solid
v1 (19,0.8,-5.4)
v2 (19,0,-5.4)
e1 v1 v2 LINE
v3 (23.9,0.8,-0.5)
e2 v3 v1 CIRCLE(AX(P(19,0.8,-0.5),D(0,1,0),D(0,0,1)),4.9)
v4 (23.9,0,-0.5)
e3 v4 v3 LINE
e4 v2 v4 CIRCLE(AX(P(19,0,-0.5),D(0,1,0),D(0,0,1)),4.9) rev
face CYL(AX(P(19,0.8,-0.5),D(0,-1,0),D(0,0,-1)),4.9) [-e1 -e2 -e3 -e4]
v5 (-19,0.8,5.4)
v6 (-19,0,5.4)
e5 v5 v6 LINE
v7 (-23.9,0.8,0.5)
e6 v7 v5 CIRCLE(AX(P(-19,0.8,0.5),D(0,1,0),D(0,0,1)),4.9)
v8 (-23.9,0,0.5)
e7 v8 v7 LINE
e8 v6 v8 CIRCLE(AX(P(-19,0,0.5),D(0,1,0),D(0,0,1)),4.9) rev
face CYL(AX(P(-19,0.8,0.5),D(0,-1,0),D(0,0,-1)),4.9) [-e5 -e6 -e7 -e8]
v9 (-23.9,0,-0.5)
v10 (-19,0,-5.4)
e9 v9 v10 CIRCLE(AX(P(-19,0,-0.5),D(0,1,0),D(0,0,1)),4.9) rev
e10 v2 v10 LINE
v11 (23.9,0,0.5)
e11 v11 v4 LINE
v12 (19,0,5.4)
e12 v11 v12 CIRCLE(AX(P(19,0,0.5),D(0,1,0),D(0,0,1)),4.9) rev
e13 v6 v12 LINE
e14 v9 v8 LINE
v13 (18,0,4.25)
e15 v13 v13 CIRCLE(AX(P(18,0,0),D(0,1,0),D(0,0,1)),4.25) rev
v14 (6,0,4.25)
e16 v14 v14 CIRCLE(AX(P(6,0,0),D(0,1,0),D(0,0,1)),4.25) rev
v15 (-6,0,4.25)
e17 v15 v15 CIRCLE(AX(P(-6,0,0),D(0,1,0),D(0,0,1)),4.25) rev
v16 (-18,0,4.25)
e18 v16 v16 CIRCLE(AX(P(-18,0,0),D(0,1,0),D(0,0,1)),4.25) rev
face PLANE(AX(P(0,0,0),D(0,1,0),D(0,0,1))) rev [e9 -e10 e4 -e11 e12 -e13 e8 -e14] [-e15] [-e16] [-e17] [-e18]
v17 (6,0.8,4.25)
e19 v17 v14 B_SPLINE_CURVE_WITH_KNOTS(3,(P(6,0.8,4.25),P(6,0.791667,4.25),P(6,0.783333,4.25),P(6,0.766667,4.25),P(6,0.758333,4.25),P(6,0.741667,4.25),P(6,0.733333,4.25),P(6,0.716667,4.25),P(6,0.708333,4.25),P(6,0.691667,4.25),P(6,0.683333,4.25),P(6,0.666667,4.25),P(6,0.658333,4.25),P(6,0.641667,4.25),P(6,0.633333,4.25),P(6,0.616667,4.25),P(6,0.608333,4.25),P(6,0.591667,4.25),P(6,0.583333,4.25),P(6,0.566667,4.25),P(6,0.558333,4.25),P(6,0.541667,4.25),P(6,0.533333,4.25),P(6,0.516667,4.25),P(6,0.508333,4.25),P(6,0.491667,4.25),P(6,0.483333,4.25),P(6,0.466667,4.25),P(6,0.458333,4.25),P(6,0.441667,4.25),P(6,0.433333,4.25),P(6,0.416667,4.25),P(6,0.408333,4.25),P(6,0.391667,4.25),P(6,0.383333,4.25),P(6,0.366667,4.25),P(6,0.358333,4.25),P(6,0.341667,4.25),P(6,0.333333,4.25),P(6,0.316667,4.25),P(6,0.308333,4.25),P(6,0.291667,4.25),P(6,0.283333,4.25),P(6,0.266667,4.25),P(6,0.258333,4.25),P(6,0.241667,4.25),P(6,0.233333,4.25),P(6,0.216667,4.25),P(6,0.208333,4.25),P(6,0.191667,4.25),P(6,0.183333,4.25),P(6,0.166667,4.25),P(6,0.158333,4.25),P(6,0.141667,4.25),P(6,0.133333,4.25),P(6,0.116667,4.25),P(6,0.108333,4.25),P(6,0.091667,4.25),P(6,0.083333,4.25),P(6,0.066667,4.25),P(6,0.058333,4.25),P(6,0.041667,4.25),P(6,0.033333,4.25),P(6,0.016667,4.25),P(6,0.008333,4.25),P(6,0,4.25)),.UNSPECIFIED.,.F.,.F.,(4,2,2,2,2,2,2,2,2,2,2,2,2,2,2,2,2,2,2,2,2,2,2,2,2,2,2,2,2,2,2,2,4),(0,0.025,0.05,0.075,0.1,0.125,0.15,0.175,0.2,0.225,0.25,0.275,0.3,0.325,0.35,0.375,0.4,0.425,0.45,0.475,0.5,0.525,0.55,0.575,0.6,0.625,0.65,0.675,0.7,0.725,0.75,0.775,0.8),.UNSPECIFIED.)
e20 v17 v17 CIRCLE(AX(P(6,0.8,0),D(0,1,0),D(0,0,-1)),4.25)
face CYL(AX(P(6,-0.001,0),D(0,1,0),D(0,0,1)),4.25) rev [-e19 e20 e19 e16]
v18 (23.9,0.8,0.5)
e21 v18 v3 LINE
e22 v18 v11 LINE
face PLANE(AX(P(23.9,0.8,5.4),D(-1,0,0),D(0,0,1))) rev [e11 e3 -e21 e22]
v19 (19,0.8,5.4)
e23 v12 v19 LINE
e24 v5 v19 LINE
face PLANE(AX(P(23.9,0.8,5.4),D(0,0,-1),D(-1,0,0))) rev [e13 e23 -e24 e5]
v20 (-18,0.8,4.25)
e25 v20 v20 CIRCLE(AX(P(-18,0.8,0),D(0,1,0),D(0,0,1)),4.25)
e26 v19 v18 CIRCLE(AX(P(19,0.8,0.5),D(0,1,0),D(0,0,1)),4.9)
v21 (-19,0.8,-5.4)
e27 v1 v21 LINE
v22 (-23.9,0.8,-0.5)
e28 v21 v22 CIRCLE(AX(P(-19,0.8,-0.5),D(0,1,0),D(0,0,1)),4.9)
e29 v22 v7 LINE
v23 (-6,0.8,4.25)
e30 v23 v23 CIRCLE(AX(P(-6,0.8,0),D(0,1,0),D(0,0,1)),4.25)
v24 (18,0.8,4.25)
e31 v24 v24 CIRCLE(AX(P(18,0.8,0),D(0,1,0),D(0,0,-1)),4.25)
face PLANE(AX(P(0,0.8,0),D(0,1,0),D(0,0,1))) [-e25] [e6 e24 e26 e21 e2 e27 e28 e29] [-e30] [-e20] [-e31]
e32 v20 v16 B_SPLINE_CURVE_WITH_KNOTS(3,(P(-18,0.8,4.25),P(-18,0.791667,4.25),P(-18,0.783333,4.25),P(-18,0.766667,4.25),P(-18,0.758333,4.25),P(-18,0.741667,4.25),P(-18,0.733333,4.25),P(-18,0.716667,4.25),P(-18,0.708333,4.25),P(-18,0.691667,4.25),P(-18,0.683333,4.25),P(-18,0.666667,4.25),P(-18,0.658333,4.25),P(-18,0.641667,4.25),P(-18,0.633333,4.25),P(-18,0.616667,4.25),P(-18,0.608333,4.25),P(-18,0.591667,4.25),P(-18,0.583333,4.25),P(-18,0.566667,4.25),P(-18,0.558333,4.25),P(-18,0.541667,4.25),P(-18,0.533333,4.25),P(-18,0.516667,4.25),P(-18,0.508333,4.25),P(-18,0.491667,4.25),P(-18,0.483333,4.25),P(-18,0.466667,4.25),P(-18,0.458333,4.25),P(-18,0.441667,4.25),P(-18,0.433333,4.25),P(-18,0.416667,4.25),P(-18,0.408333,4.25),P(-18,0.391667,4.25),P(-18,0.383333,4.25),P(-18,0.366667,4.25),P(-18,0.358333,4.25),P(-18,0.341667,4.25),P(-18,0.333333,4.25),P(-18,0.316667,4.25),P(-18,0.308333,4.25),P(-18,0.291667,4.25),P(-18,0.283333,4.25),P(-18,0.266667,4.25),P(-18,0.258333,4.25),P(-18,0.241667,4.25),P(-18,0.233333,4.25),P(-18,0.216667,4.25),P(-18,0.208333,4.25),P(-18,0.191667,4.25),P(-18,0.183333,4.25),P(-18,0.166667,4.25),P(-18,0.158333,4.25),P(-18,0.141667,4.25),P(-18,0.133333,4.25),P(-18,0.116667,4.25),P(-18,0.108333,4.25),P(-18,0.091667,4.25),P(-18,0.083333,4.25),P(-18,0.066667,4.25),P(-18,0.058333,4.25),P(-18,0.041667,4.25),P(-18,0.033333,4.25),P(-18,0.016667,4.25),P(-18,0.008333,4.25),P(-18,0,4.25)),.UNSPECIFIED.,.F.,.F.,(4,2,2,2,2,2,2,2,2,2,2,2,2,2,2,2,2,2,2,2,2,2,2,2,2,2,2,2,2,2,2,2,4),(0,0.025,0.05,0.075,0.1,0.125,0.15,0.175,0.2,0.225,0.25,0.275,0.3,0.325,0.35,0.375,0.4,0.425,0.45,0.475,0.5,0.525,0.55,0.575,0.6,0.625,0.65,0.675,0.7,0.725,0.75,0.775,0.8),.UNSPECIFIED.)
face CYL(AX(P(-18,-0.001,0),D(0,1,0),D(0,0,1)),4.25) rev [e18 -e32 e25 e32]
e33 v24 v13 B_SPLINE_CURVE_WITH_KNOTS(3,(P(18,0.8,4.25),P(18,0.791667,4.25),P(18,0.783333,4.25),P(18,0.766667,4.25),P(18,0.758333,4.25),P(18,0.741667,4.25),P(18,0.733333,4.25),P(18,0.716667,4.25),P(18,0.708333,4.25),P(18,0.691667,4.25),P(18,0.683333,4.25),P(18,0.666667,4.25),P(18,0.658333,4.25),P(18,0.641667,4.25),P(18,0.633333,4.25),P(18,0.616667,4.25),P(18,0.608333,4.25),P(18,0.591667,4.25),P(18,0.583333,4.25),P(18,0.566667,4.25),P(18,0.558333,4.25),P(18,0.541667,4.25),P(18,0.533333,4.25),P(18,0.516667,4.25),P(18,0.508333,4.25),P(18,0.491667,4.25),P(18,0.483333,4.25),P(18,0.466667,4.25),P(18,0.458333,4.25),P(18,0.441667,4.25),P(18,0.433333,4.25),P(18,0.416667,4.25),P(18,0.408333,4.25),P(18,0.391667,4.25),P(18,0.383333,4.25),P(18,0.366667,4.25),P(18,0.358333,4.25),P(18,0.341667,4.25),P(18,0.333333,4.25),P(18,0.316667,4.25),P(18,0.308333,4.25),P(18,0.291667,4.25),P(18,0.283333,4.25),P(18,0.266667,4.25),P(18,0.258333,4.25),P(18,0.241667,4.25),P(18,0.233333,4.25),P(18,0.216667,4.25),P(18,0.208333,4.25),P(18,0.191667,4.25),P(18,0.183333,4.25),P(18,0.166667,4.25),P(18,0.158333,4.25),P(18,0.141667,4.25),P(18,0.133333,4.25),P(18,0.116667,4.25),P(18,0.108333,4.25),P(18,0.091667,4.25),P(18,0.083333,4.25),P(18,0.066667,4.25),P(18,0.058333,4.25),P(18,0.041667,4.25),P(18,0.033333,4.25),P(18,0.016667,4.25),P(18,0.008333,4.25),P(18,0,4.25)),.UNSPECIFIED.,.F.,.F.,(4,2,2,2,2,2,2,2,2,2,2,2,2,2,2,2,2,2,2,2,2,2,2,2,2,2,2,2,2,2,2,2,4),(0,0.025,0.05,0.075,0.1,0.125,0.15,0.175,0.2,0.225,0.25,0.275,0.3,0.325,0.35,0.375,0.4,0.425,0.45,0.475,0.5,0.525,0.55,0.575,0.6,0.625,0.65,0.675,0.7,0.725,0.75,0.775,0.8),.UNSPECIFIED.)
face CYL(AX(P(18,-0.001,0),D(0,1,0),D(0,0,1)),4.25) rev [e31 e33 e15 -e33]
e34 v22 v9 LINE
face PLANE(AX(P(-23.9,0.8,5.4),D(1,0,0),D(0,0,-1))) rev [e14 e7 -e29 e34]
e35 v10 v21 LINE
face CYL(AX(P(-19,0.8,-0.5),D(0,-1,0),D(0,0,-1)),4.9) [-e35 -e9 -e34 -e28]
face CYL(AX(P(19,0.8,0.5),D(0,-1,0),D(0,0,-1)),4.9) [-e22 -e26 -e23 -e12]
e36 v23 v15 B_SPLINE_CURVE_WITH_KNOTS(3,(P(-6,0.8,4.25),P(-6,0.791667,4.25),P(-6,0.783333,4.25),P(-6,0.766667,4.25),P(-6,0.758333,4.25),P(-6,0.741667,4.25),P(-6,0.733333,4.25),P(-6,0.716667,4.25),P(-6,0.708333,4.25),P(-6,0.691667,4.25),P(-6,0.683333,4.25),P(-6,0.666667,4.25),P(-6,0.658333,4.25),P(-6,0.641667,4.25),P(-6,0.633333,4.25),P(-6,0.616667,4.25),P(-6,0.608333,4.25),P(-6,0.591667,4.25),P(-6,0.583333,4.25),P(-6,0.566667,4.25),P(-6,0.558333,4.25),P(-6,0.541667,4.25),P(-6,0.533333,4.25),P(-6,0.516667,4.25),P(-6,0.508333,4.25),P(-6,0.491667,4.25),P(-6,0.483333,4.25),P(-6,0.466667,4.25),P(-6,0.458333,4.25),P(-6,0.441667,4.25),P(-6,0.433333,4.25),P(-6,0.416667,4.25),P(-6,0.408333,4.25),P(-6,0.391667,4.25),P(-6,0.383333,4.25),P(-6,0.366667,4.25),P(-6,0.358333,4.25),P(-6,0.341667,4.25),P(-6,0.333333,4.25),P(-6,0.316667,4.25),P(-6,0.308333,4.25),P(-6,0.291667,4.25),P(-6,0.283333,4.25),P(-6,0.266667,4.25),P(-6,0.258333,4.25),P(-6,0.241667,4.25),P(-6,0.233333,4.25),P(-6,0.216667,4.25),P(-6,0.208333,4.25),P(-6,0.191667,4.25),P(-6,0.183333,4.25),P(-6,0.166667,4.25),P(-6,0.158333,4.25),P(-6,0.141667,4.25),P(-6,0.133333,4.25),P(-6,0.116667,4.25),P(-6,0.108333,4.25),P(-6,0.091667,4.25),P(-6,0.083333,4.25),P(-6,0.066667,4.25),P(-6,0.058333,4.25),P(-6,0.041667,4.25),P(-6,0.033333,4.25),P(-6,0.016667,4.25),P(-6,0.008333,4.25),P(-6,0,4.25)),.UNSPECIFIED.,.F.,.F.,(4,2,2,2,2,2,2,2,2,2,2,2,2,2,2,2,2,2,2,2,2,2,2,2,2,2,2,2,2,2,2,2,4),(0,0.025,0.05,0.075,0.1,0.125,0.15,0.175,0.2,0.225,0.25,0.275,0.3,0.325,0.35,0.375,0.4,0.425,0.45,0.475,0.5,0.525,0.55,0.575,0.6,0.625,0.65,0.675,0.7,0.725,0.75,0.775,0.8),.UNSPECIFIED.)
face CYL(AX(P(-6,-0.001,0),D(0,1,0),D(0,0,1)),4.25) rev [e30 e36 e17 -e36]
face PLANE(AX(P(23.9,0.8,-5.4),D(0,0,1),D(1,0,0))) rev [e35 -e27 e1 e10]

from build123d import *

# Parameters (mm, degrees)
SKETCH1_W           = 47.8
SKETCH1_H           = 10.8
BOSS_EXTRUDE1_DEPTH = 0.8
CUT_EXTRUDE1_REACH  = 26.516
SKETCH2_R           = 4.25
FILLET1_R           = 4.9


with BuildPart() as part:
    # Sketch1 → Boss-Extrude1 (new body)
    with BuildSketch(Plane(origin=(0, 0, 0), x_dir=(1, 0, 0), z_dir=(0, 1, 0))):
        Rectangle(SKETCH1_W, SKETCH1_H)
    extrude(amount=BOSS_EXTRUDE1_DEPTH)

    # Sketch2 → Cut-Extrude1 (cut, up to next)
    with BuildSketch(Plane(origin=(0, 0.8, 0), x_dir=(1, 0, 0), z_dir=(0, 1, 0)), mode=Mode.PRIVATE) as cut_extrude1_sk1:
        with Locations(Location((-18, 0, 0), (0, 0, 270))):
            Circle(SKETCH2_R)
    cut_extrude1_tool1 = extrude(cut_extrude1_sk1.sketch, amount=-CUT_EXTRUDE1_REACH, mode=Mode.PRIVATE) & part.part
    # Sketch2 → Cut-Extrude1 (cut, up to next)
    with BuildSketch(Plane(origin=(0, 0.8, 0), x_dir=(1, 0, 0), z_dir=(0, 1, 0)), mode=Mode.PRIVATE) as cut_extrude1_sk2:
        with Locations(Location((18, 0, 0), (0, 0, 270))):
            Circle(SKETCH2_R)
    cut_extrude1_tool2 = extrude(cut_extrude1_sk2.sketch, amount=-CUT_EXTRUDE1_REACH, mode=Mode.PRIVATE) & part.part
    # Sketch2 → Cut-Extrude1 (cut, up to next)
    with BuildSketch(Plane(origin=(0, 0.8, 0), x_dir=(1, 0, 0), z_dir=(0, 1, 0)), mode=Mode.PRIVATE) as cut_extrude1_sk3:
        with Locations(Location((-6, 0, 0), (0, 0, 270))):
            Circle(SKETCH2_R)
    cut_extrude1_tool3 = extrude(cut_extrude1_sk3.sketch, amount=-CUT_EXTRUDE1_REACH, mode=Mode.PRIVATE) & part.part
    # Sketch2 → Cut-Extrude1 (cut, up to next)
    with BuildSketch(Plane(origin=(0, 0.8, 0), x_dir=(1, 0, 0), z_dir=(0, 1, 0)), mode=Mode.PRIVATE) as cut_extrude1_sk4:
        with Locations(Location((6, 0, 0), (0, 0, 270))):
            Circle(SKETCH2_R)
    cut_extrude1_tool4 = extrude(cut_extrude1_sk4.sketch, amount=-CUT_EXTRUDE1_REACH, mode=Mode.PRIVATE) & part.part
    add(cut_extrude1_tool1.solids().sort_by_distance((-18, 0.8, 0))[0], mode=Mode.SUBTRACT)
    add(cut_extrude1_tool2.solids().sort_by_distance((18, 0.8, 0))[0], mode=Mode.SUBTRACT)
    add(cut_extrude1_tool3.solids().sort_by_distance((-6, 0.8, 0))[0], mode=Mode.SUBTRACT)
    add(cut_extrude1_tool4.solids().sort_by_distance((6, 0.8, 0))[0], mode=Mode.SUBTRACT)

    # Fillet1
    fillet1_edges = [part.edges().sort_by_distance(p)[0] for p in [
        (-23.9, 0.4, -5.4),
        (23.9, 0.4, -5.4),
        (23.9, 0.4, 5.4),
        (-23.9, 0.4, 5.4),
    ]]
    fillet(fillet1_edges, radius=FILLET1_R)


solid = part.part
